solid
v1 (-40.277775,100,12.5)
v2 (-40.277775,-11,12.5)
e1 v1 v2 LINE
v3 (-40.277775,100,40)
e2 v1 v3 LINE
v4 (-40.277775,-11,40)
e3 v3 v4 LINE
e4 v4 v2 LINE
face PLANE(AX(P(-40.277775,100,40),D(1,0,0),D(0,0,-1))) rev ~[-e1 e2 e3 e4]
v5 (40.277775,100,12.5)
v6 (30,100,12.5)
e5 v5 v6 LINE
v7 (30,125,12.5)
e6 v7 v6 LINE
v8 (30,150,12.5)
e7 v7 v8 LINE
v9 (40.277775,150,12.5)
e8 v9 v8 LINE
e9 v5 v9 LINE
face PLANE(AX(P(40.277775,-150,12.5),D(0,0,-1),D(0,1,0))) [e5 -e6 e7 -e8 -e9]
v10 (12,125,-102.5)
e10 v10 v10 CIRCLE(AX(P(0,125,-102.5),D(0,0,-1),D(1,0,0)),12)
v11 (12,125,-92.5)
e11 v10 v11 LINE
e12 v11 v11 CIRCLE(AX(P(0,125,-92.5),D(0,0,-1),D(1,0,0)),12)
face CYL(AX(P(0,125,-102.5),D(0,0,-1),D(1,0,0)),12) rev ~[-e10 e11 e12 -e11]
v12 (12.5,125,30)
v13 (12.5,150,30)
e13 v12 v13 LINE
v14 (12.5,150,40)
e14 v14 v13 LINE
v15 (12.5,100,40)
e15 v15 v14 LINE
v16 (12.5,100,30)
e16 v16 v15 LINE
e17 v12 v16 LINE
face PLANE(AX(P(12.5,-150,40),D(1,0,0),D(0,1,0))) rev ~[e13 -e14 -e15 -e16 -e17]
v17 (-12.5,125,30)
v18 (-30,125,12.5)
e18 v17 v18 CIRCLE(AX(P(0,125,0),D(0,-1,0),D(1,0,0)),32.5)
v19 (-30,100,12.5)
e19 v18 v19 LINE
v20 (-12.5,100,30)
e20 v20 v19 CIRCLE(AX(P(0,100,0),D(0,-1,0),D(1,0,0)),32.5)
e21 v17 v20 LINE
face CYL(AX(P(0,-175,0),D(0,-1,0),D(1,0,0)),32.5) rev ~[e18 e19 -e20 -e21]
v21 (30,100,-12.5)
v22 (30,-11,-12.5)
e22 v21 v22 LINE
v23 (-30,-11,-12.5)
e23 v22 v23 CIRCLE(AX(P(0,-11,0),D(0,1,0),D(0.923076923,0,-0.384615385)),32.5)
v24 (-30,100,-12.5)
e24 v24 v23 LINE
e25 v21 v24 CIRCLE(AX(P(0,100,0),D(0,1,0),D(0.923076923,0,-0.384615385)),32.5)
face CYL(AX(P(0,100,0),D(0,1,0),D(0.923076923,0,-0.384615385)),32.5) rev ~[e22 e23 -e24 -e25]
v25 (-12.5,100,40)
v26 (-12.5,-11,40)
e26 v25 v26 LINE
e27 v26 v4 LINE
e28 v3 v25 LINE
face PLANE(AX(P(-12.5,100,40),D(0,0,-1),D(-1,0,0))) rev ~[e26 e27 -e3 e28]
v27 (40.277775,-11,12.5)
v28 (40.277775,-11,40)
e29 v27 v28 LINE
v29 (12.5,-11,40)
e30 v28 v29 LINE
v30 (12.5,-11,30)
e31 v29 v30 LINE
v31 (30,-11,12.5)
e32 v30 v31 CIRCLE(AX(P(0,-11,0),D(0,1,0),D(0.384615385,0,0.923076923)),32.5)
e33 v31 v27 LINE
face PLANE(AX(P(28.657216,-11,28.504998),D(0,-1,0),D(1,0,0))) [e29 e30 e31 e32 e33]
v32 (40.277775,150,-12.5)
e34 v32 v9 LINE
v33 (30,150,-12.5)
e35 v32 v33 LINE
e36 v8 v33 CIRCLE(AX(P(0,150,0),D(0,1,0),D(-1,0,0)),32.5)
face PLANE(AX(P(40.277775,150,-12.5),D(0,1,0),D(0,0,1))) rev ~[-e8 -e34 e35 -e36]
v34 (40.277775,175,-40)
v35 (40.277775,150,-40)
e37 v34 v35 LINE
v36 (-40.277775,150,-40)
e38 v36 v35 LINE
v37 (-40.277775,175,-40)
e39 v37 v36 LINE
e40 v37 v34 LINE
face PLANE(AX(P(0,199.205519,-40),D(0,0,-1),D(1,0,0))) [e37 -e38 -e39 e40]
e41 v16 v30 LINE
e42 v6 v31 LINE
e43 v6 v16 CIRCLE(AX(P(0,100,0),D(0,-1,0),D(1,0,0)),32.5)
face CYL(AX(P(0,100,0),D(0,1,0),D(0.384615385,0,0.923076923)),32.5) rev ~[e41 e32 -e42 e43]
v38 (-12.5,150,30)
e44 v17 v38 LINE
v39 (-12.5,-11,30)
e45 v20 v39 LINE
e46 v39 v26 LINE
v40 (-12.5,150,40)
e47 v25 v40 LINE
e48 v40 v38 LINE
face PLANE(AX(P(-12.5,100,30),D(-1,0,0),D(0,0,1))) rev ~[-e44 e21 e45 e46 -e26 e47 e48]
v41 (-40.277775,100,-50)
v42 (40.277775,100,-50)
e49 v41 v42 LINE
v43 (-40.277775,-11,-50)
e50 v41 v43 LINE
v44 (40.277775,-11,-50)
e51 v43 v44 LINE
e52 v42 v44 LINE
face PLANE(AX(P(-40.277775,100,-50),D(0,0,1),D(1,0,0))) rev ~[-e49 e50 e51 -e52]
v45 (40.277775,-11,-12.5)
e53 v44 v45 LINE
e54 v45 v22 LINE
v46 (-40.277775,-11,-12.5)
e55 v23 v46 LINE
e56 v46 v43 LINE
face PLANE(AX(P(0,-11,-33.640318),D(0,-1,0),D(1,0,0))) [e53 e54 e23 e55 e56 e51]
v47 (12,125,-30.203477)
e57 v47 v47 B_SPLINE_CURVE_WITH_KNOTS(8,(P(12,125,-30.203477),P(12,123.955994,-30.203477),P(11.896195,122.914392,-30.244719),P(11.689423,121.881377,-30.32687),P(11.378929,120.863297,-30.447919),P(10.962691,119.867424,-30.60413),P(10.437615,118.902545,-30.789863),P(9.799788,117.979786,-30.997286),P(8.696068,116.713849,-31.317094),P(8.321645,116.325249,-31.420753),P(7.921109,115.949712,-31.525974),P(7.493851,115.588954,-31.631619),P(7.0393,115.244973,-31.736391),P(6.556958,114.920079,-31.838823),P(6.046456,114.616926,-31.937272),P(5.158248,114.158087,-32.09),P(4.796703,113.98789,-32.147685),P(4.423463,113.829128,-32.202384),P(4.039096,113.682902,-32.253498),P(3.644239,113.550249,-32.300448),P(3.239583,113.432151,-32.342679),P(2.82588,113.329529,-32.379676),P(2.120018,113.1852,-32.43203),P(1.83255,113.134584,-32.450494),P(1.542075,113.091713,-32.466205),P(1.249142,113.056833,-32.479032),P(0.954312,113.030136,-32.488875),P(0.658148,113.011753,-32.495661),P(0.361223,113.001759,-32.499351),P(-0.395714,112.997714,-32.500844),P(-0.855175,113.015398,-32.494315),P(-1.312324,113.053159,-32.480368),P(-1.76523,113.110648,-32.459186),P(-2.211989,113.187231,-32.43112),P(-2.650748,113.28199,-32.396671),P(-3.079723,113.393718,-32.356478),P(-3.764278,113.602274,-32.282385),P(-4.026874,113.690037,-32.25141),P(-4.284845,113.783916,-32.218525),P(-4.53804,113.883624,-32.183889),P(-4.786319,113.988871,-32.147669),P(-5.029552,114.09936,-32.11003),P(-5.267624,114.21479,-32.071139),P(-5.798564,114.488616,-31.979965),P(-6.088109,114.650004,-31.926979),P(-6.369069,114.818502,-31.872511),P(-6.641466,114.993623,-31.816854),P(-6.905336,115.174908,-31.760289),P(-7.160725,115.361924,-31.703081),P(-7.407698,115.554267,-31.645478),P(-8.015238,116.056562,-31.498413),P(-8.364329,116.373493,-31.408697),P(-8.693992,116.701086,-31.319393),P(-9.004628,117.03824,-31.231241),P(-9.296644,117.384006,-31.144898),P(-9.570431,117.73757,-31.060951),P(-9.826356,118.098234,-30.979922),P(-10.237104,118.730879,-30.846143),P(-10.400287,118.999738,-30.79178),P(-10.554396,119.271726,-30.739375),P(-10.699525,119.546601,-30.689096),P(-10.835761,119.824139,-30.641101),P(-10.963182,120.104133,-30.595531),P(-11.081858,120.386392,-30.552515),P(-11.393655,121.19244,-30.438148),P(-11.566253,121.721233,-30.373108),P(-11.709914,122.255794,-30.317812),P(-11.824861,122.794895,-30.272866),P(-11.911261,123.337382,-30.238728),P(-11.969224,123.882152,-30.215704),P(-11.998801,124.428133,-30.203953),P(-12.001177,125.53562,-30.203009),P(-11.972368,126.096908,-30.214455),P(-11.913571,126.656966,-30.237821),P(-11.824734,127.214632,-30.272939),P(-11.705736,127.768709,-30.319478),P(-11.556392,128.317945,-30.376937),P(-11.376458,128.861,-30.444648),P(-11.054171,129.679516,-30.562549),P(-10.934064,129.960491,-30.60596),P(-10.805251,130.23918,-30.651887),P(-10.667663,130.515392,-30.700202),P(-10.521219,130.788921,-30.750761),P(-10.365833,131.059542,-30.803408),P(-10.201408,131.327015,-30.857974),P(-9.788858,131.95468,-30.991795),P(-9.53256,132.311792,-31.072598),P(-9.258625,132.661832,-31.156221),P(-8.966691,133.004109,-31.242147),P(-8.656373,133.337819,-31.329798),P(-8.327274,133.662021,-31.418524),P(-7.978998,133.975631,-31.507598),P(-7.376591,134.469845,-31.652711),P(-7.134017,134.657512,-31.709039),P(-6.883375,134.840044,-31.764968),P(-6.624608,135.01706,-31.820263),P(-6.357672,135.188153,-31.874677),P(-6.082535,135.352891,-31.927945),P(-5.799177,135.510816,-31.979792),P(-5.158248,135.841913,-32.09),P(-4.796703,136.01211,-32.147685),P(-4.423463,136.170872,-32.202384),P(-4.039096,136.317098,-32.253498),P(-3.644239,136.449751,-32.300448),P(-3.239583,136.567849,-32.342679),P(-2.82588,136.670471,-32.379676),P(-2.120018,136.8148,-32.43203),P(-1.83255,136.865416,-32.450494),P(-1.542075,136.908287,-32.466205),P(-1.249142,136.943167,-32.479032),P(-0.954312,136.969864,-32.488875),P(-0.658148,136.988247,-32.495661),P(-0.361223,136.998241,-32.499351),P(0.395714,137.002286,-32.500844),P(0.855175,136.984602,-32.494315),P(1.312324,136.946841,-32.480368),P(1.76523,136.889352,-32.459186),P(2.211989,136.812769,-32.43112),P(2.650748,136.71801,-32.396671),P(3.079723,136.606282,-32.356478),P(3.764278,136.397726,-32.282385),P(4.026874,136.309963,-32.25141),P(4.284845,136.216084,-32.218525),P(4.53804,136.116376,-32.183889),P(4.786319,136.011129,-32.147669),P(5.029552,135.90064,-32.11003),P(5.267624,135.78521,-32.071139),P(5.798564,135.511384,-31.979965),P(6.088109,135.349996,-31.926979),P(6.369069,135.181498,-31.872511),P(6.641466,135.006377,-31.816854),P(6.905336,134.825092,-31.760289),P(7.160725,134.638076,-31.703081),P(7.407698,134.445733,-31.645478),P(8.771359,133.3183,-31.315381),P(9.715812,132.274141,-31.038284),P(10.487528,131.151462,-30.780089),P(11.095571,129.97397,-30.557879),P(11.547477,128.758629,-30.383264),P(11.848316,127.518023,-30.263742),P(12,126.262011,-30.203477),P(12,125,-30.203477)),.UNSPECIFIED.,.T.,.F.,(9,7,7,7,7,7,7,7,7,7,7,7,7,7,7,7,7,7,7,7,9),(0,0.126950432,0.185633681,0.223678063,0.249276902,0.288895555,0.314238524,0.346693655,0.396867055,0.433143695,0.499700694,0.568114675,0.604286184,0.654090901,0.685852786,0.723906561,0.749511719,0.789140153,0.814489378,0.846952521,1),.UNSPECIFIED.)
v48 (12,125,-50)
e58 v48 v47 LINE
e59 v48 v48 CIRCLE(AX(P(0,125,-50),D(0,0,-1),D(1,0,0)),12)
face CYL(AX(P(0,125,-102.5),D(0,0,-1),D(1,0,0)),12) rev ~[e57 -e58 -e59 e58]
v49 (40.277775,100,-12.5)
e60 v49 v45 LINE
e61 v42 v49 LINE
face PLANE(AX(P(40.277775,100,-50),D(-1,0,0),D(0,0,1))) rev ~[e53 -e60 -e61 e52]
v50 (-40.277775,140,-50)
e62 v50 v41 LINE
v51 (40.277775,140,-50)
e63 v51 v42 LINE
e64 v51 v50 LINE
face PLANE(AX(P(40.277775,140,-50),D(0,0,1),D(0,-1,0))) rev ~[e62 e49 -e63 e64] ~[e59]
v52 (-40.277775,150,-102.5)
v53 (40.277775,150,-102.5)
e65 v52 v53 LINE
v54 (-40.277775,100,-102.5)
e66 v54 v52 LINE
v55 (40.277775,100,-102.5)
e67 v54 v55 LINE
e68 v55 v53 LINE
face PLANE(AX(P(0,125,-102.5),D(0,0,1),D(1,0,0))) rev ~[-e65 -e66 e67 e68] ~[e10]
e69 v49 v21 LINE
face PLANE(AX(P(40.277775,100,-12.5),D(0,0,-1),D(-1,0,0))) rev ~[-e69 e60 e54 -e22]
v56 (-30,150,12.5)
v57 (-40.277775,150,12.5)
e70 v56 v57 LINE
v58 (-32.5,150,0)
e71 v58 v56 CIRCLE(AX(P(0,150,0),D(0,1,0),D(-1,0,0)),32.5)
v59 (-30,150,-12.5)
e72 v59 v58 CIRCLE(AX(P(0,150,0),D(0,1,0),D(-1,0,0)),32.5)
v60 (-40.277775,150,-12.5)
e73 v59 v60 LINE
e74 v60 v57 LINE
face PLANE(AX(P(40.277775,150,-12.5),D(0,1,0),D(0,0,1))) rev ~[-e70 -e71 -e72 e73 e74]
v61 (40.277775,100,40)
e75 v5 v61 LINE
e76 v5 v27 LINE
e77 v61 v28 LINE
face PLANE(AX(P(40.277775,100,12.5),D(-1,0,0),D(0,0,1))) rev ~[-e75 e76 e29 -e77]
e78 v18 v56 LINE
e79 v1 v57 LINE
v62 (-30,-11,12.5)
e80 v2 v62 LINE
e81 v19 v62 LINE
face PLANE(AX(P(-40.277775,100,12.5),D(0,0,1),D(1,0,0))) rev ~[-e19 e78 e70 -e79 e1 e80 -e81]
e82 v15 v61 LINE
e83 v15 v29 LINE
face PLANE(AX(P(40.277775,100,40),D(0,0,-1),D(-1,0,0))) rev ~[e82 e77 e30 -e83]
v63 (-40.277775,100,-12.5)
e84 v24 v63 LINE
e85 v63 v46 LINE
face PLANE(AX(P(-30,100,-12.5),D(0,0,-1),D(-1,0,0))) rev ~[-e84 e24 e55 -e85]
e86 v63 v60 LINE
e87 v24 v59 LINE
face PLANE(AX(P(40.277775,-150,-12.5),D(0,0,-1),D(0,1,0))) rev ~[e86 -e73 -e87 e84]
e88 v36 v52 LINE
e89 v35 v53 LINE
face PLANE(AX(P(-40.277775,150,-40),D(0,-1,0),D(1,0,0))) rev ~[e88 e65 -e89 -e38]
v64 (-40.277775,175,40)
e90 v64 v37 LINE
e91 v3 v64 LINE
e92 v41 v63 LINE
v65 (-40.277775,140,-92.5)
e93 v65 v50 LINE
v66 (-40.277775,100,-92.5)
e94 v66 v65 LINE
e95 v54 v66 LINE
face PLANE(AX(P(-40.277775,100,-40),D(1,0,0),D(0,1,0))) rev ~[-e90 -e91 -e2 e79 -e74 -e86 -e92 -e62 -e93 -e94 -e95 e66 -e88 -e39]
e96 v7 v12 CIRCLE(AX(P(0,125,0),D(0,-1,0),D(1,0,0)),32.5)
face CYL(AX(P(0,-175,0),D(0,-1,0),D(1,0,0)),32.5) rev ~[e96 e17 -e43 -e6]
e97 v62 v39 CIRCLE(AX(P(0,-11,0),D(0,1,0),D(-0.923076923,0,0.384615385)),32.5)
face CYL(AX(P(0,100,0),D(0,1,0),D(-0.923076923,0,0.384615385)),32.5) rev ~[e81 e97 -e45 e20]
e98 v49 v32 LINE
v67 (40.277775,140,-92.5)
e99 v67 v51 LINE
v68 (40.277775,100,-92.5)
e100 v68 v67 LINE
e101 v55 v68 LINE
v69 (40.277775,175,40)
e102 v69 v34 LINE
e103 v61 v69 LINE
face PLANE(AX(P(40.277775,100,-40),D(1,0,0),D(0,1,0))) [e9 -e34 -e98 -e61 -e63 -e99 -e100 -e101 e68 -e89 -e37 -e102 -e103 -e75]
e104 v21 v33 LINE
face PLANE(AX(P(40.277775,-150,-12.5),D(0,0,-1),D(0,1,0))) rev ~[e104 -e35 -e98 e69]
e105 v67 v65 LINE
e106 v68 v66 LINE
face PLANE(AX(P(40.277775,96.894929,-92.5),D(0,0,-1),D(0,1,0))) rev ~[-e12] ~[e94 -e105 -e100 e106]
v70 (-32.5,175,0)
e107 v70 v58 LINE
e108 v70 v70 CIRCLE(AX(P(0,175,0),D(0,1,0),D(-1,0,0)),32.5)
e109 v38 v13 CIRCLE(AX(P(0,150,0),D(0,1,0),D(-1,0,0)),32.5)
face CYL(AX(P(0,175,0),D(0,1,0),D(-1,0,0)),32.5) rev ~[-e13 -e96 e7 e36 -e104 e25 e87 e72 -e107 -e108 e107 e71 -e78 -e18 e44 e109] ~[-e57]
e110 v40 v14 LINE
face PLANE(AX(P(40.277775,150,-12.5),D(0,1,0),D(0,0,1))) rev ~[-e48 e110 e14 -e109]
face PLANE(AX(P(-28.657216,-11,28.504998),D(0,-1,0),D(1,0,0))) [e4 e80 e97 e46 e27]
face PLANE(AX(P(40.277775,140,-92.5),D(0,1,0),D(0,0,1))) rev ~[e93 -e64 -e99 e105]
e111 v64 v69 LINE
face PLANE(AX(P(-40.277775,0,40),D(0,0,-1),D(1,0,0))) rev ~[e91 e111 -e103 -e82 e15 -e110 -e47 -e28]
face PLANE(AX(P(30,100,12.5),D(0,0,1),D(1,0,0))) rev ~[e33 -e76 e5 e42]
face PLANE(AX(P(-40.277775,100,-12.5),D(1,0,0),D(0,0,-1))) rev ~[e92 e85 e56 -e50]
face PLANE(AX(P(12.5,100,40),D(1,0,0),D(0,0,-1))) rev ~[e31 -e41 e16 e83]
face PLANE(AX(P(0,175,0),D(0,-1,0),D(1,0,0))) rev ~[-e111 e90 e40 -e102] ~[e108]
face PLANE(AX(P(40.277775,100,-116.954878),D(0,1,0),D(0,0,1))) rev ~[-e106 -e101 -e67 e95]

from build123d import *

# Parameters (mm, degrees)
F0_W           = 80.5555507541
F0_H           = 80
F1_DEPTH       = 175
F2_R           = 32.5
F3_DEPTH       = 300
F4_W           = 25
F4_H           = 300
F5_DEPTH       = 80.001
F6_W           = 300
F6_H           = 25
F7_DEPTH       = 80.5565507541
F8_W           = 80.5555507541
F8_H           = 48.411038518
F9_DEPTH       = 25
F10_R          = 14.0956143059
F11_DEPTH      = 25.001
F13_W          = 80.5555507541
F13_H          = 50
F14_DEPTH      = 10
F14_DEPTH_BACK = 62.5
F15_DEPTH      = 25
F17_DEPTH      = 80.5565507541
F18_R          = 32.5
F19_DEPTH      = 75.001
F20_W          = 3.1050710324
F20_H          = 42.5
F20_W_2        = 40
F21_DEPTH      = 80.5565507541
F22_R          = 12
F23_DEPTH      = 142.501
F24_DEPTH      = 111


with BuildPart() as f1:
    # F0 (on Front) → F1 (new body, symmetric)
    with BuildSketch(Plane.XZ):
        Rectangle(F0_W, F0_H)
    extrude(amount=F1_DEPTH, both=True)

    # F2 (on face) → F3 (cut)
    with BuildSketch(Plane.XZ.offset(175)):
        Circle(F2_R)
    extrude(amount=-F3_DEPTH, mode=Mode.SUBTRACT)

    # F4 (on face) → F5 (cut, through all)
    with BuildSketch(Plane.XY.offset(40)):
        Rectangle(F4_W, F4_H)
    extrude(amount=-F5_DEPTH, mode=Mode.SUBTRACT)

    # F6 (on face) → F7 (cut, through all)
    with BuildSketch(Plane.YZ.offset(40.277775377)):
        Rectangle(F6_W, F6_H)
    extrude(amount=-F7_DEPTH, mode=Mode.SUBTRACT)

    # F8 (on face) → F9 (join)
    with BuildSketch(Plane(origin=(0, 0, -40), x_dir=(1, 0, 0), z_dir=(0, 0, -1))):
        with Locations((0, -199.205519259)):
            Rectangle(F8_W, F8_H)
    extrude(amount=-F9_DEPTH)

    # F10 (on face) → F11 (cut, through all)
    with BuildSketch(Plane.XY.offset(-15)):
        with Locations((0, 199.205519259)):
            Circle(F10_R)
    extrude(amount=-F11_DEPTH, mode=Mode.SUBTRACT)

    # F13 (on offset) → F14 (join, two sides)
    with BuildSketch(Plane.XY.offset(-40)) as f14_sk:
        with Locations((0, 125)):
            Rectangle(F13_W, F13_H)
    extrude(amount=F14_DEPTH)
    extrude(f14_sk.sketch, amount=-F14_DEPTH_BACK)

    # F15 (cut): a face of the model
    f15_faces = [f1.faces().sort_by_distance(p)[0] for p in [
        (0, 175.9398311235, -15),
    ]]
    extrude(f15_faces, amount=-F15_DEPTH, mode=Mode.SUBTRACT)

    # F16 (on face) → F17 (cut, through all)
    with BuildSketch(Plane.YZ.offset(40.277775377)):
        Polygon((100, 79.5669853687), (-178.8060516119, 79.5669853687), (-178.8060516119, -116.9548779726), (100, -116.9548779726), (100, -102.5), (100, -40), (-175, -40), (-175, 40), (100, 40), align=None)
        Polygon((100, 12.5), (100, 40), (-175, 40), (-175, -40), (100, -40), (100, -12.5), (-150, -12.5), (-150, 12.5), align=None)
    extrude(amount=-F17_DEPTH, mode=Mode.SUBTRACT)

    # F18 (on face) → F19 (cut, through all)
    with BuildSketch(Plane(origin=(0, 175, 0), x_dir=(-1, 0, 0), z_dir=(0, 1, 0))):
        Circle(F18_R)
    extrude(amount=-F19_DEPTH, mode=Mode.SUBTRACT)

    # F20 (on face) → F21 (cut, through all)
    with BuildSketch(Plane.YZ.offset(40.277775377)):
        with Locations((98.4474644838, -71.25)):
            Rectangle(F20_W, F20_H)
        with Locations((120, -71.25)):
            Rectangle(F20_W_2, F20_H)
    extrude(amount=-F21_DEPTH, mode=Mode.SUBTRACT)

    # F22 (on face) → F23 (cut, through all)
    with BuildSketch(Plane(origin=(0, 0, -102.5), x_dir=(1, 0, 0), z_dir=(0, 0, -1))):
        with Locations((0, -125)):
            Circle(F22_R)
    extrude(amount=-F23_DEPTH, mode=Mode.SUBTRACT)

    # F17_face (on face) + F21_face (on face) → F24 (join)
    with BuildSketch(Plane(origin=(-28.870034174, 100, 28.6839226626), x_dir=(1, 0, 0), z_dir=(0, -1, 0))):
        with BuildLine():
            ThreePointArc((-1.129965826, -16.1839226626), (5.8890637854, -5.7029522741), (16.370034174, 1.3160773374))
            Line((16.370034174, 1.3160773374), (16.370034174, 11.3160773374))
            Line((16.370034174, 11.3160773374), (-11.4077412031, 11.3160773374))
            Line((-11.4077412031, 11.3160773374), (-11.4077412031, -16.1839226626))
            Line((-11.4077412031, -16.1839226626), (-1.129965826, -16.1839226626))
        make_face()
        with BuildLine():
            Line((69.147809551, -16.1839226626), (69.147809551, 11.3160773374))
            Line((69.147809551, 11.3160773374), (41.370034174, 11.3160773374))
            Line((41.370034174, 11.3160773374), (41.370034174, 1.3160773374))
            ThreePointArc((41.370034174, 1.3160773374), (51.8510045625, -5.7029522741), (58.870034174, -16.1839226626))
            Line((58.870034174, -16.1839226626), (69.147809551, -16.1839226626))
        make_face()
    with BuildSketch(Plane(origin=(0, 100, -35.4746848598), x_dir=(1, 0, 0), z_dir=(0, -1, 0))):
        with BuildLine():
            Line((-40.277775377, 22.9746848598), (-40.277775377, -14.5253151402))
            Line((-40.277775377, -14.5253151402), (40.277775377, -14.5253151402))
            Line((40.277775377, -14.5253151402), (40.277775377, 22.9746848598))
            Line((40.277775377, 22.9746848598), (30, 22.9746848598))
            ThreePointArc((30, 22.9746848598), (0, 2.9746848598), (-30, 22.9746848598))
            Line((-30, 22.9746848598), (-40.277775377, 22.9746848598))
        make_face()
    extrude(amount=F24_DEPTH)


solid = f1.part
